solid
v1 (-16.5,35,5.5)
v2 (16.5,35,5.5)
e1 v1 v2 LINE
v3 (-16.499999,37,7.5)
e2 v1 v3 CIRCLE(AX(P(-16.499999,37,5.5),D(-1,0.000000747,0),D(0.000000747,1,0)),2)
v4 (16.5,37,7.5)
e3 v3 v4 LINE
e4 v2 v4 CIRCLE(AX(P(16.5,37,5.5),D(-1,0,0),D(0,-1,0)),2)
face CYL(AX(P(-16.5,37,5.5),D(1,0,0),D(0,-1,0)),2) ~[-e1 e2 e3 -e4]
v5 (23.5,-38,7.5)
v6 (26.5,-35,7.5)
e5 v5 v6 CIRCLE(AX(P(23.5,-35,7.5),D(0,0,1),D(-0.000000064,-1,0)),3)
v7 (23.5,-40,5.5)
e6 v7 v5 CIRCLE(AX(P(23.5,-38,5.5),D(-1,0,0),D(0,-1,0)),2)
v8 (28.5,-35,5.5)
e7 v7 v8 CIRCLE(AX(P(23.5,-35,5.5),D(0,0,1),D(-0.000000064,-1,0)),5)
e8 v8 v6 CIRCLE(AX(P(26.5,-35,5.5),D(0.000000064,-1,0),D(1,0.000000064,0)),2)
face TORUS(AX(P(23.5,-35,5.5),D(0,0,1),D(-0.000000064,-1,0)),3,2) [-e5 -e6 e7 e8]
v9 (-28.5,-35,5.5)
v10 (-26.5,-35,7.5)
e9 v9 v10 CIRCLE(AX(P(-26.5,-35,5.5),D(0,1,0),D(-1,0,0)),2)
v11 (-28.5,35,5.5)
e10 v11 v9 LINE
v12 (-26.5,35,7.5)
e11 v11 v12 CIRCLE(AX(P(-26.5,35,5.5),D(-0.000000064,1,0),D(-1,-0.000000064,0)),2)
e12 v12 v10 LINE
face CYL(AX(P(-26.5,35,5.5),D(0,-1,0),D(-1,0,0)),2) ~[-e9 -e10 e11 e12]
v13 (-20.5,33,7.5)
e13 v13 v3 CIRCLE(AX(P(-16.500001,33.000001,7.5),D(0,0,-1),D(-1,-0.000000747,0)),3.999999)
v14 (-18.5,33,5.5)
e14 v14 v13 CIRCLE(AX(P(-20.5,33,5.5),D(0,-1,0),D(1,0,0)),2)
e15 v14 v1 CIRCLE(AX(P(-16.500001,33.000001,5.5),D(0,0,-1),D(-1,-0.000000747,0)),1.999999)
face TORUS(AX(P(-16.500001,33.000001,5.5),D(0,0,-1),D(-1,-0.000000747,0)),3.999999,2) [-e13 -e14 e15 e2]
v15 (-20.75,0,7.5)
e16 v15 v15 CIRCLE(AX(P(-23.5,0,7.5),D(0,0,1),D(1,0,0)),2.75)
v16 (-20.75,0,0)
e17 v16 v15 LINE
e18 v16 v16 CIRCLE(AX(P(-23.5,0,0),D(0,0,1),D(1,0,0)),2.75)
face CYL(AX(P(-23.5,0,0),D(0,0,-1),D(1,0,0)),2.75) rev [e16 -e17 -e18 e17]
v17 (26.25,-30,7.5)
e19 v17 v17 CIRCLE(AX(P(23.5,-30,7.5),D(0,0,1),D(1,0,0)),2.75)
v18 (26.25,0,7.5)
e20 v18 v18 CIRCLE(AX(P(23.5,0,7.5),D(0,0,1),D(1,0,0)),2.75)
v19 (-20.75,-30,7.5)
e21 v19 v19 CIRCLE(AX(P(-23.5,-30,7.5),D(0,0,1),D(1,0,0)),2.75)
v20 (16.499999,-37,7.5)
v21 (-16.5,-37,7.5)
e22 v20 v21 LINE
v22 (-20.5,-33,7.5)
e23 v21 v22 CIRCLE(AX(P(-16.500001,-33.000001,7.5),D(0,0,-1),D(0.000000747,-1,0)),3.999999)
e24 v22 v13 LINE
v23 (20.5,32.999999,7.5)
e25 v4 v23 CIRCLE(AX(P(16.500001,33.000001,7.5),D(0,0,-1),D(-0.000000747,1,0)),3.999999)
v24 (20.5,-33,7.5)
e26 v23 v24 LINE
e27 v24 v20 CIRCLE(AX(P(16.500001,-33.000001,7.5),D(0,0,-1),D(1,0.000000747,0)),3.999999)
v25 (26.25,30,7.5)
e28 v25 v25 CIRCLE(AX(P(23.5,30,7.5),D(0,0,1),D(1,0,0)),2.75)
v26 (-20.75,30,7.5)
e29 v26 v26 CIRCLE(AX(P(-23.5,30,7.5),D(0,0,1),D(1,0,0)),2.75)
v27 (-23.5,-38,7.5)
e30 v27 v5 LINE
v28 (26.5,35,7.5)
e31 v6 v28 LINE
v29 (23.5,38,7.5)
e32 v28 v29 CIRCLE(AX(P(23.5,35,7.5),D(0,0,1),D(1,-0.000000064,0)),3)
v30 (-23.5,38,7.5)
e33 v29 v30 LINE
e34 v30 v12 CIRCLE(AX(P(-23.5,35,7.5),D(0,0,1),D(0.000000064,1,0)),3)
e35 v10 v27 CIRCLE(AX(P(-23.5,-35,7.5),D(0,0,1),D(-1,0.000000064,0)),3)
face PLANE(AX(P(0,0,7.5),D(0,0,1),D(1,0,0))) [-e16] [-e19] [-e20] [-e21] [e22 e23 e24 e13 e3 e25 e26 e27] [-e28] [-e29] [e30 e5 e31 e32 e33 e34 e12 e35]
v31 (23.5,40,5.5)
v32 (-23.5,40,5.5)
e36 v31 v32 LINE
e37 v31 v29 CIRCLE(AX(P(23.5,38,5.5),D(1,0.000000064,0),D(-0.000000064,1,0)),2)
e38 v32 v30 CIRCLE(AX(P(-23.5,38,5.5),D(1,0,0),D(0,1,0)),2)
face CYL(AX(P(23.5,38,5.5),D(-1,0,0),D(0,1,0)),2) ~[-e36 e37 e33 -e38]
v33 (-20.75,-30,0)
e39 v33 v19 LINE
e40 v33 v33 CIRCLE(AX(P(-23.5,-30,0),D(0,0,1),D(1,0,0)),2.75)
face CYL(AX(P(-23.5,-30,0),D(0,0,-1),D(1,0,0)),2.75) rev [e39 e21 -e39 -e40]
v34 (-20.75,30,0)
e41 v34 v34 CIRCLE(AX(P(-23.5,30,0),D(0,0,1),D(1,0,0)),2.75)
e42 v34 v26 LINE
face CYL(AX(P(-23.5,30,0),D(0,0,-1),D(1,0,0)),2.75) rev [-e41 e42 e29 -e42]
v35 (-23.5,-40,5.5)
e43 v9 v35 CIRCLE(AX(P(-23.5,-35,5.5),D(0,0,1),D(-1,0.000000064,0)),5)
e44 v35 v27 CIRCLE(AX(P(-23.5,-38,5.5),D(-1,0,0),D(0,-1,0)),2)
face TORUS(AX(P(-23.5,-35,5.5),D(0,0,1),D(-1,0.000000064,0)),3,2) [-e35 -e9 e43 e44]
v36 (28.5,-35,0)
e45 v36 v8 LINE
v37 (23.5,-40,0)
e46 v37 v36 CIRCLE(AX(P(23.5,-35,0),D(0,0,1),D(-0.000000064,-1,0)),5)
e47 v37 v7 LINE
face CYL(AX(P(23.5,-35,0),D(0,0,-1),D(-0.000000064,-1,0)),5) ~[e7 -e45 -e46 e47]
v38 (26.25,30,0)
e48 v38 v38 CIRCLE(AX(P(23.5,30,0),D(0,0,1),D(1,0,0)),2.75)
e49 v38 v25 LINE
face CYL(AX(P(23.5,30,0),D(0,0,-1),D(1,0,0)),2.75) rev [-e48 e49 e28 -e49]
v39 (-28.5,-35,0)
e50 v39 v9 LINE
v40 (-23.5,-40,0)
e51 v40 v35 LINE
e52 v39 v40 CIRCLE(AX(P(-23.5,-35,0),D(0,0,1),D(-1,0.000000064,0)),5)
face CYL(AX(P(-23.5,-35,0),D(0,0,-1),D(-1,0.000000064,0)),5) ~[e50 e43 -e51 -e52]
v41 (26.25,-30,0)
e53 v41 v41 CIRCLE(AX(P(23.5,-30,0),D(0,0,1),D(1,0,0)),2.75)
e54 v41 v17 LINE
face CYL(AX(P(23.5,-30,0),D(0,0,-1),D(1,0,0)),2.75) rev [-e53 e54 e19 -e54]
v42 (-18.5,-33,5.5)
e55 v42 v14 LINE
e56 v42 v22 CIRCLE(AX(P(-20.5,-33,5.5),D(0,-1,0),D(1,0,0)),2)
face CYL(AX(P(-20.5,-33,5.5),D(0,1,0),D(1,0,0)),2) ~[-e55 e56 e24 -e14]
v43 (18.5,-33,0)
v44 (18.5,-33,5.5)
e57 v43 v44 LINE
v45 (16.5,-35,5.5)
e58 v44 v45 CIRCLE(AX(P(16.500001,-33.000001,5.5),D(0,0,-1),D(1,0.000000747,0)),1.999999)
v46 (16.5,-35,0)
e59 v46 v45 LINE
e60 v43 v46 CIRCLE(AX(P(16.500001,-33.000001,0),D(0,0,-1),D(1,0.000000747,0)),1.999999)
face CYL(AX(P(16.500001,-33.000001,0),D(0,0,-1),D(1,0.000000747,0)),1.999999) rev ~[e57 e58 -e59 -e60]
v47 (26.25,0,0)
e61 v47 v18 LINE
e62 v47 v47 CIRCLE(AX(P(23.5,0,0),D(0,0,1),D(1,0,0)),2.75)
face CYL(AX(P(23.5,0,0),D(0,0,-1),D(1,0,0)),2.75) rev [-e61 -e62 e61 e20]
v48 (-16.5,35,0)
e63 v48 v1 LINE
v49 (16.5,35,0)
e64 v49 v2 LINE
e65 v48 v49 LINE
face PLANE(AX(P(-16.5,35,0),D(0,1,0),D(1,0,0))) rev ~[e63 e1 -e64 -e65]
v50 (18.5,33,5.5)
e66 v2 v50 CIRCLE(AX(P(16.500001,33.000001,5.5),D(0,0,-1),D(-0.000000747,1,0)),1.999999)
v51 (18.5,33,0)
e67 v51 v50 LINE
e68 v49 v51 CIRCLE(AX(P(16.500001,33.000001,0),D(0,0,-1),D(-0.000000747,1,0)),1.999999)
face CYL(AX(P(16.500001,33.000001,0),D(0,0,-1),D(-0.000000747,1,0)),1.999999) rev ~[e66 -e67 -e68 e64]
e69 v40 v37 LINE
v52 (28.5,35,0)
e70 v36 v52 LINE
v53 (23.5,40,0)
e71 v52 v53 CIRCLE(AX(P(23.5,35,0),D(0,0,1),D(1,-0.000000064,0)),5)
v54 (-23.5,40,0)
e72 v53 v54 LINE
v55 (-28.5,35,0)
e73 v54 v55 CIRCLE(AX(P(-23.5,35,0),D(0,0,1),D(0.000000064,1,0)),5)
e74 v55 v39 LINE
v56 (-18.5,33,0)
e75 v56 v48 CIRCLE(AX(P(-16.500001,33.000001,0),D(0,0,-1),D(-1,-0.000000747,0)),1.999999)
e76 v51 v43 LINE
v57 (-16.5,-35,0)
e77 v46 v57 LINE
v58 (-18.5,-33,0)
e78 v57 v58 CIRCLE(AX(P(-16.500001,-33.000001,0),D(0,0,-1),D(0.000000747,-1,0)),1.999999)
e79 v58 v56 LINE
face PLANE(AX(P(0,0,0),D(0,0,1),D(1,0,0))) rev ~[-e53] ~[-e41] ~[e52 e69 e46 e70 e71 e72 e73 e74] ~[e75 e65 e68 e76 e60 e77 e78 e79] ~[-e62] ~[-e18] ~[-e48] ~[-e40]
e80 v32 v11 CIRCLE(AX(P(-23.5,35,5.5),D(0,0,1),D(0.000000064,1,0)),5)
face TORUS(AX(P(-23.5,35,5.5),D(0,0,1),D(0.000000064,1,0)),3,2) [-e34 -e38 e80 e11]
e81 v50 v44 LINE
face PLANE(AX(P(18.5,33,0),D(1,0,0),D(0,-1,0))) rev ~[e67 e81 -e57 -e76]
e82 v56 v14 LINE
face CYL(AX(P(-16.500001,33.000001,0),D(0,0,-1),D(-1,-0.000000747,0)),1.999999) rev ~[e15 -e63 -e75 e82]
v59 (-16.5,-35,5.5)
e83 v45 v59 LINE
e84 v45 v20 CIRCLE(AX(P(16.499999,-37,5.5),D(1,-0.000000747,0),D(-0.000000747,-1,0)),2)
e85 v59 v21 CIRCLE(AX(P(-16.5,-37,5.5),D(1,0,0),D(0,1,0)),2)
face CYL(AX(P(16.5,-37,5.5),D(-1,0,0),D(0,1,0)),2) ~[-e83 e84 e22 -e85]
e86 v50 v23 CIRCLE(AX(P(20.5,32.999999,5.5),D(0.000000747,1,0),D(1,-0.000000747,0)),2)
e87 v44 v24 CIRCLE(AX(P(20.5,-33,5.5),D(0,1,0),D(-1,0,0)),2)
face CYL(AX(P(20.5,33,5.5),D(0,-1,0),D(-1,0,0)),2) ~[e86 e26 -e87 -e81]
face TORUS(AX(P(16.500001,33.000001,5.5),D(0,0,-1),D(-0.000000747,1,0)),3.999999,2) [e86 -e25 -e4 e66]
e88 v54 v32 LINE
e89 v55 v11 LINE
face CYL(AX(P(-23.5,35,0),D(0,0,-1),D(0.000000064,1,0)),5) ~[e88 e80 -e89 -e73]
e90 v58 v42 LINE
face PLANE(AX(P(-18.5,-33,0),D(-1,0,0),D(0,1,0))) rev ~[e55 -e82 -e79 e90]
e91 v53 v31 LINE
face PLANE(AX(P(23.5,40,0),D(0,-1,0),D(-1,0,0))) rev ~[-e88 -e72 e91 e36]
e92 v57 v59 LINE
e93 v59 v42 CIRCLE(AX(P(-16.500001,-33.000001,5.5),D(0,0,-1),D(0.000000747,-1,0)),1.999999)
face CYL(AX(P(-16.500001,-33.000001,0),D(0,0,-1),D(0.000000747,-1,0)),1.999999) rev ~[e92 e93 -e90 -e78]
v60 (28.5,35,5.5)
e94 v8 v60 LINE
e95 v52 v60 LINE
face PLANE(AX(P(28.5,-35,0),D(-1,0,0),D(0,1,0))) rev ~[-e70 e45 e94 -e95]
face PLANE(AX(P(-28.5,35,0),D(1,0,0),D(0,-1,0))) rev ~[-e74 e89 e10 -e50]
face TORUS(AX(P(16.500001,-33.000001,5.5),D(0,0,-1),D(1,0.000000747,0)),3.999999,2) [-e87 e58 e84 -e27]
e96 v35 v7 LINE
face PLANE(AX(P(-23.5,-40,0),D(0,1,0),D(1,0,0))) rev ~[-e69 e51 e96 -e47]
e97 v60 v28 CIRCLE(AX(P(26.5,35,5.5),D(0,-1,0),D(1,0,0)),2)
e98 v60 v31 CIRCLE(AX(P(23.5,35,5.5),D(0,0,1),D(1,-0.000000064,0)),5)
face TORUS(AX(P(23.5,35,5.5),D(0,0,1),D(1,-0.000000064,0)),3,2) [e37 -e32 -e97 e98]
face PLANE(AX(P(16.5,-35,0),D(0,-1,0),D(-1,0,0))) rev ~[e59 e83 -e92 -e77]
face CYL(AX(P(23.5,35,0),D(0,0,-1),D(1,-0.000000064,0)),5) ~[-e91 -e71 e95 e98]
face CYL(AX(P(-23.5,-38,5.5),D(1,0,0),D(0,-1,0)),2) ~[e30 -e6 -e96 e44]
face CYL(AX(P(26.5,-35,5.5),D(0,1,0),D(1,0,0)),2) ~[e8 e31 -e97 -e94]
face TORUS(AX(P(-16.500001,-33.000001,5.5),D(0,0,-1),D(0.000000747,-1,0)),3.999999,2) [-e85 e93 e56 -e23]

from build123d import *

# Parameters (mm, degrees)
F0_R     = 2.75
F1_DEPTH = 7.5
F2_R     = 2


with BuildPart() as f1:
    # F0 (on Top) → F1 (new body)
    with BuildSketch(Plane.XY):
        with BuildLine():
            Line((23.5, 40), (-23.5, 40))
            ThreePointArc((-23.5, 40), (-27.035534, 38.535534), (-28.5, 35))
            Line((-28.5, 35), (-28.5, -35))
            ThreePointArc((-28.5, -35), (-27.035534, -38.535534), (-23.5, -40))
            Line((-23.5, -40), (23.5, -40))
            ThreePointArc((23.5, -40), (27.035534, -38.535534), (28.5, -35))
            Line((28.5, -35), (28.5, 35))
            ThreePointArc((28.5, 35), (27.035534, 38.535534), (23.5, 40))
        make_face()
        with Locations((-23.5, -30)):
            Circle(F0_R, mode=Mode.SUBTRACT)
        with Locations((23.5, -30)):
            Circle(F0_R, mode=Mode.SUBTRACT)
        with Locations((-23.5, 0)):
            Circle(F0_R, mode=Mode.SUBTRACT)
        with Locations((-23.5, 30)):
            Circle(F0_R, mode=Mode.SUBTRACT)
        with BuildLine():
            ThreePointArc((-18.5, 33), (-17.914214, 34.414214), (-16.5, 35))
            Line((-16.5, 35), (16.5, 35))
            ThreePointArc((16.5, 35), (17.914214, 34.414214), (18.5, 33))
            Line((18.5, 33), (18.5, -33))
            ThreePointArc((18.5, -33), (17.914214, -34.414214), (16.5, -35))
            Line((16.5, -35), (-16.5, -35))
            ThreePointArc((-16.5, -35), (-17.914214, -34.414214), (-18.5, -33))
            Line((-18.5, -33), (-18.5, 33))
        make_face(mode=Mode.SUBTRACT)
        with Locations((23.5, 0)):
            Circle(F0_R, mode=Mode.SUBTRACT)
        with Locations((23.5, 30)):
            Circle(F0_R, mode=Mode.SUBTRACT)
    extrude(amount=F1_DEPTH)

    # F2
    f2_edges = [f1.edges().sort_by_distance(p)[0] for p in [
        (-18.5, 0, 7.5),
        (0, -40, 7.5),
    ]]
    fillet(f2_edges, radius=F2_R)


solid = f1.part
